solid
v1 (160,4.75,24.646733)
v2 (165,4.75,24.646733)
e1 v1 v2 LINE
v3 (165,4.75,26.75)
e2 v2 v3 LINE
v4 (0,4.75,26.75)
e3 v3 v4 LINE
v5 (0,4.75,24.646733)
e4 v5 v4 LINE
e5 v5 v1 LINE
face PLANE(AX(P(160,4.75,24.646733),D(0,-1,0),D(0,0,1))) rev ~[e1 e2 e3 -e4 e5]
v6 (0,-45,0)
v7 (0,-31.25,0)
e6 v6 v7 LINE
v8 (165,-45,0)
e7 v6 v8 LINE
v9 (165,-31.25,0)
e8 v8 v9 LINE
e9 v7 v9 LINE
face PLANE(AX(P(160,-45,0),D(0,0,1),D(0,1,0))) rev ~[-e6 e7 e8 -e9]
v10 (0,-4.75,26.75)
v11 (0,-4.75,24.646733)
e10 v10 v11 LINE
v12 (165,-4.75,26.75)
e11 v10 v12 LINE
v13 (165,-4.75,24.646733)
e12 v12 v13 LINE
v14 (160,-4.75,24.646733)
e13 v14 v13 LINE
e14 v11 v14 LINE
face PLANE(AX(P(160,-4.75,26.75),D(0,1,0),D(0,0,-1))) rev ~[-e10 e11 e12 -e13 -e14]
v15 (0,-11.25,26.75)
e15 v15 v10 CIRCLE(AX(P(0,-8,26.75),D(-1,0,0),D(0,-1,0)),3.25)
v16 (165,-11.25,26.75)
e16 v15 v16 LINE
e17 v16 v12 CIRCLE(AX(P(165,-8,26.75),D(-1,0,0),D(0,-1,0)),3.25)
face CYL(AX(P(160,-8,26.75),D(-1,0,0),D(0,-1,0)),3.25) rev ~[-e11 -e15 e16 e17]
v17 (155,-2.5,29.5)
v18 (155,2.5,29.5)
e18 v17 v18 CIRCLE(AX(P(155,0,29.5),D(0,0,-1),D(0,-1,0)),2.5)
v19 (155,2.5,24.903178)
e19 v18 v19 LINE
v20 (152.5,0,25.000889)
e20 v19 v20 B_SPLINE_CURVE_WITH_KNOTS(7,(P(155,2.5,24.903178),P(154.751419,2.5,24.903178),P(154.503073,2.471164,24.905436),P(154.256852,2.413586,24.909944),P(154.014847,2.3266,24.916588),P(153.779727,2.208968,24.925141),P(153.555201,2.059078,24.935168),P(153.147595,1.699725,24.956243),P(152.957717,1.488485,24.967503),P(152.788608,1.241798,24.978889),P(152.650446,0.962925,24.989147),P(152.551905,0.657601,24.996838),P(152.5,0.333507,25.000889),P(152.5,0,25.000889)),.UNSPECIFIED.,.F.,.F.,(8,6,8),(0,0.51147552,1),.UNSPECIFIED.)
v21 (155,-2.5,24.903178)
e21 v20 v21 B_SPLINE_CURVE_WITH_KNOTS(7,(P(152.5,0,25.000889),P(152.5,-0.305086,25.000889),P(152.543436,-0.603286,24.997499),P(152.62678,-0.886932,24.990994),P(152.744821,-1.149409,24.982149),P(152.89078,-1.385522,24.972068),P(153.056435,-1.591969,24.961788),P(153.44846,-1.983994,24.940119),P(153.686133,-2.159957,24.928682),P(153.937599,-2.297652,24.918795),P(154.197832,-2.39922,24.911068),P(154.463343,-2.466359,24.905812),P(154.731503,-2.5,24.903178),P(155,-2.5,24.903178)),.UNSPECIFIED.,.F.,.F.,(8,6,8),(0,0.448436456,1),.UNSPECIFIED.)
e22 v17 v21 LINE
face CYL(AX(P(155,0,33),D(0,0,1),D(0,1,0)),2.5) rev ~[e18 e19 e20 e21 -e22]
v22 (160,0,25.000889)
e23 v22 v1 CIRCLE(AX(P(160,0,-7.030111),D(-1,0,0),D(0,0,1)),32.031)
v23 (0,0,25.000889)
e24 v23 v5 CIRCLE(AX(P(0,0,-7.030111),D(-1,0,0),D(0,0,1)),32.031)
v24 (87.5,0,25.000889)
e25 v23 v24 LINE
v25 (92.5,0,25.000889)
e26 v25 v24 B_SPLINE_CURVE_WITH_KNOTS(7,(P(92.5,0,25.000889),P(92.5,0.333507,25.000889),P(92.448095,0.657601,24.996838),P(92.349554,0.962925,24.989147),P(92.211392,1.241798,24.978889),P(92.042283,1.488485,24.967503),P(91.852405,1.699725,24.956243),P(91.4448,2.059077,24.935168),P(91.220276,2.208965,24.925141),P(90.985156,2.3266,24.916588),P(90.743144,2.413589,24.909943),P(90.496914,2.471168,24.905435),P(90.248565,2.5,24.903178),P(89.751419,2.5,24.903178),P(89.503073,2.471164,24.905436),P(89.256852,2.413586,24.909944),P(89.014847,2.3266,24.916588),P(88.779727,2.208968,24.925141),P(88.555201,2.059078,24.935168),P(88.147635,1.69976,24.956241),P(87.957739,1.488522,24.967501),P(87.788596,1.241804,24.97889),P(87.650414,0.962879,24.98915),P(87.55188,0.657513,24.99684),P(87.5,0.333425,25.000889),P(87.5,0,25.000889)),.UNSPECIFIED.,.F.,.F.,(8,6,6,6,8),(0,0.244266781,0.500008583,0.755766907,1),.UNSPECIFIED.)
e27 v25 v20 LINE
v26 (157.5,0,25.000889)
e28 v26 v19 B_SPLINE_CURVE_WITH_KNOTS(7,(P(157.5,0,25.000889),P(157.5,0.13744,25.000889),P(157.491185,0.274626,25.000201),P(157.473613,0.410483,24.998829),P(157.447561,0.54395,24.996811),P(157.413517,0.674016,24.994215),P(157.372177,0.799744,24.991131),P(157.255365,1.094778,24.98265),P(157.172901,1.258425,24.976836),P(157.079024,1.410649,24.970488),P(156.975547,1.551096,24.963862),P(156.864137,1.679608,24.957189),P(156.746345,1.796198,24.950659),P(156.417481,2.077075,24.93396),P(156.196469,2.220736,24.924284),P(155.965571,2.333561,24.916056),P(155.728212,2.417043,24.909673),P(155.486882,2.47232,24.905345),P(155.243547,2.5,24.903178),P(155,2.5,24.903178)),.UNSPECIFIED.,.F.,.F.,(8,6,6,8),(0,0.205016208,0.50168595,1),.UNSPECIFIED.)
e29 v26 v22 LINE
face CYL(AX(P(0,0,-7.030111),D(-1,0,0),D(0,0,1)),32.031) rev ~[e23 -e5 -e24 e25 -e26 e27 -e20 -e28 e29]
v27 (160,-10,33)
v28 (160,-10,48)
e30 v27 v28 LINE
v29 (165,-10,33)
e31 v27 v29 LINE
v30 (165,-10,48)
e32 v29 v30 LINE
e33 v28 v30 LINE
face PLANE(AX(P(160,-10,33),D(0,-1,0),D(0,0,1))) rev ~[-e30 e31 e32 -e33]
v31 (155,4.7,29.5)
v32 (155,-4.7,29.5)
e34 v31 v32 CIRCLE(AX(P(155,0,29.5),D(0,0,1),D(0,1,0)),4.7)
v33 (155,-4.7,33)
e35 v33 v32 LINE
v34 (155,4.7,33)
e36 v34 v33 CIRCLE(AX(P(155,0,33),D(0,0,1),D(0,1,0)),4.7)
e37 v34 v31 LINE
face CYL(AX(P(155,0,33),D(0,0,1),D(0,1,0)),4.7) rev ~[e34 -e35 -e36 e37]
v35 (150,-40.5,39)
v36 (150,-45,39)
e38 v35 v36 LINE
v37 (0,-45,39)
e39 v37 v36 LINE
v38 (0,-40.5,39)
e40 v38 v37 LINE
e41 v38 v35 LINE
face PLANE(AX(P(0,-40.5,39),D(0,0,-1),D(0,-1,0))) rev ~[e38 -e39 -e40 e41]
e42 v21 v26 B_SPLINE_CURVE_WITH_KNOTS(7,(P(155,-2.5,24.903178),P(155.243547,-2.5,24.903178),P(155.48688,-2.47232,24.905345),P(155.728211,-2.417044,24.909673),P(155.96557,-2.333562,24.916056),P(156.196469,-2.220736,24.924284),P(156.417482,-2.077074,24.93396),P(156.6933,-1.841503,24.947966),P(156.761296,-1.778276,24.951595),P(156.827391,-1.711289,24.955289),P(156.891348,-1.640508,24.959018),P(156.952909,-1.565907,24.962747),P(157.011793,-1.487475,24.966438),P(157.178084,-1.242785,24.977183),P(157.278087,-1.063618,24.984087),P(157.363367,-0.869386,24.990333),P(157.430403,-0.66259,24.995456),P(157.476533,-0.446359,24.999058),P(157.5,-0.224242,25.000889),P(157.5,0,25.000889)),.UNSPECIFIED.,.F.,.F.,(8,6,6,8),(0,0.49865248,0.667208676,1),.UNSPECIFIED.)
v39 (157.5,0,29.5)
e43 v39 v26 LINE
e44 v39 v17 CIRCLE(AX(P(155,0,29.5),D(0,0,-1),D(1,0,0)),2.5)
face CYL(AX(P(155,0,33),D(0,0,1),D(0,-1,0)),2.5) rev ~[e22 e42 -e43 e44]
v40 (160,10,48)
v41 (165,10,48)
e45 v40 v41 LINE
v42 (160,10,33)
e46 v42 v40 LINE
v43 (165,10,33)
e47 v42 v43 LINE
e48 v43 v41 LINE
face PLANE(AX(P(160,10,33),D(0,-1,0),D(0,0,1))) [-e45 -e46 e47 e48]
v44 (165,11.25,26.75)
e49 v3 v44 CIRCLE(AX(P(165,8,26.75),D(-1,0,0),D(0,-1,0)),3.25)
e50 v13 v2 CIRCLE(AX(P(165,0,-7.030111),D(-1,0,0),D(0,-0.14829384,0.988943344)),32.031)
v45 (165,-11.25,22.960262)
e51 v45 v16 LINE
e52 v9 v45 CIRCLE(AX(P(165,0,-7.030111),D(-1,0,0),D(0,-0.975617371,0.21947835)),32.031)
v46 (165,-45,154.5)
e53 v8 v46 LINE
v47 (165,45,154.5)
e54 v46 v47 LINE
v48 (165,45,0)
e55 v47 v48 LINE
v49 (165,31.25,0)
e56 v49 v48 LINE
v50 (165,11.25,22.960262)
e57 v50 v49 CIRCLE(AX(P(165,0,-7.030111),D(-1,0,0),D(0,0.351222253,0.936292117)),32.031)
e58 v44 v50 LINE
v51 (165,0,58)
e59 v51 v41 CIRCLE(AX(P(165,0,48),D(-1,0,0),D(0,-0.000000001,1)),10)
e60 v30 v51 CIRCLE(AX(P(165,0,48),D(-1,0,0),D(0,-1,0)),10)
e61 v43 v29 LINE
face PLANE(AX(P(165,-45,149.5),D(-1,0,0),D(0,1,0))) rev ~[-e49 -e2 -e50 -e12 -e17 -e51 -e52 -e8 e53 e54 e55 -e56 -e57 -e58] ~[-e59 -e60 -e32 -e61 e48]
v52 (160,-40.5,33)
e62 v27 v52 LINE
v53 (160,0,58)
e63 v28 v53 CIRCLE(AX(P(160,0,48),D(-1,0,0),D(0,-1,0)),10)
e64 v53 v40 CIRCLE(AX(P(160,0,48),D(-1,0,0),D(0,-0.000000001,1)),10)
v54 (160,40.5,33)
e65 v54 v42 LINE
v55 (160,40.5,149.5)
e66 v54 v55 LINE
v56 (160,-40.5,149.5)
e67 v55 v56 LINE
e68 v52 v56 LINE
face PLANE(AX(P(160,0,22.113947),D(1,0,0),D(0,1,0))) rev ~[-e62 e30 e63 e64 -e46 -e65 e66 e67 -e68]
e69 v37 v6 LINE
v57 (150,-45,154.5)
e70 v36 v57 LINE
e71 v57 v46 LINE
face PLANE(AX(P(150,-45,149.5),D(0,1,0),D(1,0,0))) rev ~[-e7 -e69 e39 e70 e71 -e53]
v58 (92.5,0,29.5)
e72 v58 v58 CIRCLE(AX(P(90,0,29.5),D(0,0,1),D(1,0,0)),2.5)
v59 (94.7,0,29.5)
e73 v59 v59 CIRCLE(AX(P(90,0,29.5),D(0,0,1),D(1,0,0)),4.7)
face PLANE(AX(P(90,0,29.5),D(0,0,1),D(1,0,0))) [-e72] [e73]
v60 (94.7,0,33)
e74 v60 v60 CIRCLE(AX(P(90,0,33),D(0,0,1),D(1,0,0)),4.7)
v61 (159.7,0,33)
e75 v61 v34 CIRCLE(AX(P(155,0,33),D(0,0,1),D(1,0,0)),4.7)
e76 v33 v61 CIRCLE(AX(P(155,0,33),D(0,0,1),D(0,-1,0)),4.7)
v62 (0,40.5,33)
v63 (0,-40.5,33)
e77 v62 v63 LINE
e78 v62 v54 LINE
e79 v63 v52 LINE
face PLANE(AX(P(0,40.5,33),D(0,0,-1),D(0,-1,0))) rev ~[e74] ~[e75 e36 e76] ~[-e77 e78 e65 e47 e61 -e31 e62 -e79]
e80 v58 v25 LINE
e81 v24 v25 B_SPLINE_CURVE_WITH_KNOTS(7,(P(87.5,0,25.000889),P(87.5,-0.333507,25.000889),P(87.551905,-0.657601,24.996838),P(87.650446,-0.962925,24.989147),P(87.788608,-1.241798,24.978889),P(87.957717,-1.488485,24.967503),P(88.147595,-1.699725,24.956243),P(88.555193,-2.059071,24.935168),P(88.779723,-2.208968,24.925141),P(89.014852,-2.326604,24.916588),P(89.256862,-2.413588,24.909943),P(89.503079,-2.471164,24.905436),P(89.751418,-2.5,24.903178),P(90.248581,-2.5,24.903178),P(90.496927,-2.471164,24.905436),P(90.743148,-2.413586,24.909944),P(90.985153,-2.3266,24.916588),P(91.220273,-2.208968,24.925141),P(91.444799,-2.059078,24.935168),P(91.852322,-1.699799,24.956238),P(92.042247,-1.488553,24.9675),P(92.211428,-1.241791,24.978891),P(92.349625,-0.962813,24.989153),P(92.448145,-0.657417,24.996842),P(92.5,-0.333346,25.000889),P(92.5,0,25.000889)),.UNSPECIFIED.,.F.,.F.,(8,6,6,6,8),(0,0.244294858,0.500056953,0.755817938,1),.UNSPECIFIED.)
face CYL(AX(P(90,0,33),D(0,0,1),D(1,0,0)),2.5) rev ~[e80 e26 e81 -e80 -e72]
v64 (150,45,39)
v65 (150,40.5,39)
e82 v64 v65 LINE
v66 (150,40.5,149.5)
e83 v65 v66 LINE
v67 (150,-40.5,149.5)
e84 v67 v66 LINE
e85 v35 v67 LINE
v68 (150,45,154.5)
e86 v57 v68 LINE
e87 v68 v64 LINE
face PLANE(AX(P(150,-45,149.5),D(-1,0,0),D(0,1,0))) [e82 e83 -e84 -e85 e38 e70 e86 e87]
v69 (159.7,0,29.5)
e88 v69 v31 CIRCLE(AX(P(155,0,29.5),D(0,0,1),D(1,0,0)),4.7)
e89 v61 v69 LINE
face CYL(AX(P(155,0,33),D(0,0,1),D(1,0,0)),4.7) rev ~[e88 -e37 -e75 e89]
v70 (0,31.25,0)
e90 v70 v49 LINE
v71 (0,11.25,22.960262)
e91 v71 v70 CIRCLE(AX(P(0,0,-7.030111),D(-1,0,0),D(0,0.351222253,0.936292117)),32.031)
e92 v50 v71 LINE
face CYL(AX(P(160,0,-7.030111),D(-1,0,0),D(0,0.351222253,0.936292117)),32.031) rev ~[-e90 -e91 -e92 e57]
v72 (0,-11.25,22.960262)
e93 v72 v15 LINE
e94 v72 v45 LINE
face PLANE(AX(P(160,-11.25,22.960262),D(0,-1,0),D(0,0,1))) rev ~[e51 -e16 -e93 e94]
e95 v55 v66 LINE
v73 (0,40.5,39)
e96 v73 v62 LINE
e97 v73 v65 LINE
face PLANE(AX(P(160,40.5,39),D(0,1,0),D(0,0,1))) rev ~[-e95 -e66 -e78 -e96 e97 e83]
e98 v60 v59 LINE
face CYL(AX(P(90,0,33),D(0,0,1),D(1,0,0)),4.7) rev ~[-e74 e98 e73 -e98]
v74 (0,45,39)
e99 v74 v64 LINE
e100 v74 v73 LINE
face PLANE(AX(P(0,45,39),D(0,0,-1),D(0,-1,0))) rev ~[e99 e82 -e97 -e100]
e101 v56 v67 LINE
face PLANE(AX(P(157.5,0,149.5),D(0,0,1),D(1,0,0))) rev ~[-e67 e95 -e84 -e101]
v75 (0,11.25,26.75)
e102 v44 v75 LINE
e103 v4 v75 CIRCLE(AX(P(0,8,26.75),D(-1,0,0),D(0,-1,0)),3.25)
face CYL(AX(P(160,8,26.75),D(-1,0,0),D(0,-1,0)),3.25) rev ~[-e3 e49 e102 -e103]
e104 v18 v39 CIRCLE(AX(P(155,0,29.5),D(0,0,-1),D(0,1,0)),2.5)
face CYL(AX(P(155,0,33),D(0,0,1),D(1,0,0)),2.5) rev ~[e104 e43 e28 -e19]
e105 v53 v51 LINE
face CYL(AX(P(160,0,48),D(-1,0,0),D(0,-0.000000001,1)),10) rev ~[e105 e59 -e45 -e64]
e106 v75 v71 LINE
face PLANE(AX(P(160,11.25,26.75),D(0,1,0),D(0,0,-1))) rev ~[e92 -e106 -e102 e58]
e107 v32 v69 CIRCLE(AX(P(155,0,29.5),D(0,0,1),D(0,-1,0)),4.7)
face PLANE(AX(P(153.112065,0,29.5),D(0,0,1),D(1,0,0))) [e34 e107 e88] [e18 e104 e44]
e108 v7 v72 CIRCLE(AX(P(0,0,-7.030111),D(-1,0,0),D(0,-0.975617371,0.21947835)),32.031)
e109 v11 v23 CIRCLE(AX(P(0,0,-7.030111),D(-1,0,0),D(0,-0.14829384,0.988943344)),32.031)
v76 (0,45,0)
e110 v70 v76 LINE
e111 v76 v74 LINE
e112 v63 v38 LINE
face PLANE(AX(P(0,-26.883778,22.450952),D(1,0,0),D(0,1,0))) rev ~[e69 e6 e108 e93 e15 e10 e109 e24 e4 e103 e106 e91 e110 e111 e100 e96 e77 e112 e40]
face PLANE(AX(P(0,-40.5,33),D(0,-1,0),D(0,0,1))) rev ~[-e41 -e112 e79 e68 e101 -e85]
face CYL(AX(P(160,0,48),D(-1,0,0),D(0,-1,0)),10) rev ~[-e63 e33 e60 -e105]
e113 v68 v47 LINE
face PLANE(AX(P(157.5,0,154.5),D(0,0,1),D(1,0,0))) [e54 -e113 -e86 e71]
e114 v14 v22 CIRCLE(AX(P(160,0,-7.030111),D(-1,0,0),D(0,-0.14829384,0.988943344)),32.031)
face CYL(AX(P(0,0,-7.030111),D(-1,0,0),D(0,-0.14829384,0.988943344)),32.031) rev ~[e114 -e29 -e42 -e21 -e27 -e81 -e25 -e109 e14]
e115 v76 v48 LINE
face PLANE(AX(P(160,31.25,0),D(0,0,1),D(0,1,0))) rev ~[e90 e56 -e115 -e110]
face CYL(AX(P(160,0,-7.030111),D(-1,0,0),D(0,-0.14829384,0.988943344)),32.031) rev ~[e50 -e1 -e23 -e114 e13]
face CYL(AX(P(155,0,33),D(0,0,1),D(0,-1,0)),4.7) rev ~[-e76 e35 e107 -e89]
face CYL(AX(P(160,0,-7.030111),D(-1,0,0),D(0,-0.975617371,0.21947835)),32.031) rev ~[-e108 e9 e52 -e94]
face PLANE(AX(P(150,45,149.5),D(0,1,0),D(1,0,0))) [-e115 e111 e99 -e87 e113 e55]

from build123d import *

# Parameters (mm, degrees)
F1_DEPTH  = 160
F3_DEPTH  = 5
F4_W      = 4.5
F4_H      = 110.5
F5_DEPTH  = 10
F6_W      = 15
F6_H      = 90
F7_DEPTH  = 5
F8_R      = 2.5
F9_DEPTH  = 33.001
F8_R_2    = 4.7
F10_DEPTH = 3.5
F11_W     = 10
F11_H     = 15
F12_DEPTH = 5.0010001


with BuildPart() as f1:
    # F0 (on Right) → F1 (new body)
    with BuildSketch(Plane.YZ):
        with BuildLine():
            ThreePointArc((-4.75, 24.6467332166), (-2.3815922354, 24.9122273292), (0, 25.0008889767))
            Line((0, 25.0008889767), (0, 33))
            Line((0, 33), (-40.5, 33))
            Line((-40.5, 33), (-40.5, 39))
            Line((-40.5, 39), (-45, 39))
            Line((-45, 39), (-45, 0))
            Line((-45, 0), (-31.25, 0))
            ThreePointArc((-31.25, 0), (-24.152761856, 14.0086402639), (-11.25, 22.960261782))
            Line((-11.25, 22.960261782), (-11.25, 26.75))
            ThreePointArc((-11.25, 26.75), (-8, 30), (-4.75, 26.75))
            Line((-4.75, 26.75), (-4.75, 24.6467332166))
        make_face()
        with BuildLine():
            Line((0, 33), (0, 25.0008889767))
            ThreePointArc((0, 25.0008889767), (2.3815922354, 24.9122273292), (4.75, 24.6467332166))
            Line((4.75, 24.6467332166), (4.75, 26.75))
            ThreePointArc((4.75, 26.75), (8, 30), (11.25, 26.75))
            Line((11.25, 26.75), (11.25, 22.960261782))
            ThreePointArc((11.25, 22.960261782), (24.152761856, 14.0086402639), (31.25, 0))
            Line((31.25, 0), (45, 0))
            Line((45, 0), (45, 39))
            Line((45, 39), (40.5, 39))
            Line((40.5, 39), (40.5, 33))
            Line((40.5, 33), (0, 33))
        make_face()
    extrude(amount=F1_DEPTH)

    # F2 (on face) → F3 (join)
    with BuildSketch(Plane.YZ.offset(160)):
        with BuildLine():
            ThreePointArc((11.25, 22.960261782), (24.152761856, 14.0086402639), (31.25, 0))
            Line((31.25, 0), (45, 0))
            Line((45, 0), (45, 39))
            Line((45, 39), (40.5, 39))
            Line((40.5, 39), (40.5, 33))
            Line((40.5, 33), (-40.5, 33))
            Line((-40.5, 33), (-40.5, 39))
            Line((-40.5, 39), (-45, 39))
            Line((-45, 39), (-45, 0))
            Line((-45, 0), (-31.25, 0))
            ThreePointArc((-31.25, 0), (-24.152761856, 14.0086402639), (-11.25, 22.960261782))
            Line((-11.25, 22.960261782), (-11.25, 26.75))
            ThreePointArc((-11.25, 26.75), (-8, 30), (-4.75, 26.75))
            Line((-4.75, 26.75), (-4.75, 24.6467332166))
            ThreePointArc((-4.75, 24.6467332166), (0, 25.0008889767), (4.75, 24.6467332166))
            Line((4.75, 24.6467332166), (4.75, 26.75))
            ThreePointArc((4.75, 26.75), (8, 30), (11.25, 26.75))
            Line((11.25, 26.75), (11.25, 22.960261782))
        make_face()
        Polygon((40.5, 39), (45, 39), (45, 149.5), (-45, 149.5), (-45, 39), (-40.5, 39), (-40.5, 33), (40.5, 33), align=None)
    extrude(amount=F3_DEPTH)

    # F4 (on face) → F5 (join)
    with BuildSketch(Plane(origin=(160, 0, 0), x_dir=(0, -1, 0), z_dir=(-1, 0, 0))):
        with Locations((-42.75, 94.25)):
            Rectangle(F4_W, F4_H)
        with Locations((42.75, 94.25)):
            Rectangle(F4_W, F4_H)
    extrude(amount=F5_DEPTH)

    # F6 (on face) → F7 (join)
    with BuildSketch(Plane.XY.offset(149.5)):
        with Locations((157.5, 0)):
            Rectangle(F6_W, F6_H)
    extrude(amount=F7_DEPTH)

    # F8 (on face) → F9 (cut, through all)
    with BuildSketch(Plane.XY.offset(33)):
        with BuildLine():
            Line((155, 2.5), (155, -2.5))
            ThreePointArc((155, -2.5), (156.767766953, -1.767766953), (157.5, 0))
            ThreePointArc((157.5, 0), (156.767766953, 1.767766953), (155, 2.5))
        make_face()
        with BuildLine():
            ThreePointArc((155, 2.5), (152.5, 0), (155, -2.5))
            Line((155, -2.5), (155, 2.5))
        make_face()
        with Locations((90, 0)):
            Circle(F8_R)
    extrude(amount=-F9_DEPTH, mode=Mode.SUBTRACT)

    # F8 (on face) → F10 (cut)
    with BuildSketch(Plane.XY.offset(33)):
        with BuildLine():
            ThreePointArc((155, 4.7), (150.3, 0), (155, -4.7))
            Line((155, -4.7), (155, -2.5))
            ThreePointArc((155, -2.5), (152.5, 0), (155, 2.5))
            Line((155, 2.5), (155, 4.7))
        make_face()
        with BuildLine():
            Line((155, -2.5), (155, -4.7))
            ThreePointArc((155, -4.7), (158.3234018716, -3.3234018716), (159.7, 0))
            ThreePointArc((159.7, 0), (158.3234018716, 3.3234018716), (155, 4.7))
            Line((155, 4.7), (155, 2.5))
            ThreePointArc((155, 2.5), (156.767766953, 1.767766953), (157.5, 0))
            ThreePointArc((157.5, 0), (156.767766953, -1.767766953), (155, -2.5))
        make_face()
        with Locations((90, 0)):
            Circle(F8_R_2)
        with Locations((90, 0)):
            Circle(F8_R, mode=Mode.SUBTRACT)
    extrude(amount=-F10_DEPTH, mode=Mode.SUBTRACT)

    # F11 (on face) → F12 (cut, through all)
    with BuildSketch(Plane(origin=(160, 0, 0), x_dir=(0, -1, 0), z_dir=(-1, 0, 0))):
        with Locations((5, 40.5)):
            Rectangle(F11_W, F11_H)
        with Locations((-5, 40.5)):
            Rectangle(F11_W, F11_H)
        with BuildLine():
            Line((0, 48), (10, 48))
            ThreePointArc((10, 48), (7.071067816, 55.0710678077), (1.18e-08, 58))
            Line((0, 58), (0, 48))
        make_face()
        with BuildLine():
            Line((-10, 48), (0, 48))
            Line((0, 48), (0, 58))
            ThreePointArc((1.18e-08, 58), (-7.0710678077, 55.071067816), (-10, 48))
        make_face()
    extrude(amount=-F12_DEPTH, mode=Mode.SUBTRACT)


solid = f1.part
